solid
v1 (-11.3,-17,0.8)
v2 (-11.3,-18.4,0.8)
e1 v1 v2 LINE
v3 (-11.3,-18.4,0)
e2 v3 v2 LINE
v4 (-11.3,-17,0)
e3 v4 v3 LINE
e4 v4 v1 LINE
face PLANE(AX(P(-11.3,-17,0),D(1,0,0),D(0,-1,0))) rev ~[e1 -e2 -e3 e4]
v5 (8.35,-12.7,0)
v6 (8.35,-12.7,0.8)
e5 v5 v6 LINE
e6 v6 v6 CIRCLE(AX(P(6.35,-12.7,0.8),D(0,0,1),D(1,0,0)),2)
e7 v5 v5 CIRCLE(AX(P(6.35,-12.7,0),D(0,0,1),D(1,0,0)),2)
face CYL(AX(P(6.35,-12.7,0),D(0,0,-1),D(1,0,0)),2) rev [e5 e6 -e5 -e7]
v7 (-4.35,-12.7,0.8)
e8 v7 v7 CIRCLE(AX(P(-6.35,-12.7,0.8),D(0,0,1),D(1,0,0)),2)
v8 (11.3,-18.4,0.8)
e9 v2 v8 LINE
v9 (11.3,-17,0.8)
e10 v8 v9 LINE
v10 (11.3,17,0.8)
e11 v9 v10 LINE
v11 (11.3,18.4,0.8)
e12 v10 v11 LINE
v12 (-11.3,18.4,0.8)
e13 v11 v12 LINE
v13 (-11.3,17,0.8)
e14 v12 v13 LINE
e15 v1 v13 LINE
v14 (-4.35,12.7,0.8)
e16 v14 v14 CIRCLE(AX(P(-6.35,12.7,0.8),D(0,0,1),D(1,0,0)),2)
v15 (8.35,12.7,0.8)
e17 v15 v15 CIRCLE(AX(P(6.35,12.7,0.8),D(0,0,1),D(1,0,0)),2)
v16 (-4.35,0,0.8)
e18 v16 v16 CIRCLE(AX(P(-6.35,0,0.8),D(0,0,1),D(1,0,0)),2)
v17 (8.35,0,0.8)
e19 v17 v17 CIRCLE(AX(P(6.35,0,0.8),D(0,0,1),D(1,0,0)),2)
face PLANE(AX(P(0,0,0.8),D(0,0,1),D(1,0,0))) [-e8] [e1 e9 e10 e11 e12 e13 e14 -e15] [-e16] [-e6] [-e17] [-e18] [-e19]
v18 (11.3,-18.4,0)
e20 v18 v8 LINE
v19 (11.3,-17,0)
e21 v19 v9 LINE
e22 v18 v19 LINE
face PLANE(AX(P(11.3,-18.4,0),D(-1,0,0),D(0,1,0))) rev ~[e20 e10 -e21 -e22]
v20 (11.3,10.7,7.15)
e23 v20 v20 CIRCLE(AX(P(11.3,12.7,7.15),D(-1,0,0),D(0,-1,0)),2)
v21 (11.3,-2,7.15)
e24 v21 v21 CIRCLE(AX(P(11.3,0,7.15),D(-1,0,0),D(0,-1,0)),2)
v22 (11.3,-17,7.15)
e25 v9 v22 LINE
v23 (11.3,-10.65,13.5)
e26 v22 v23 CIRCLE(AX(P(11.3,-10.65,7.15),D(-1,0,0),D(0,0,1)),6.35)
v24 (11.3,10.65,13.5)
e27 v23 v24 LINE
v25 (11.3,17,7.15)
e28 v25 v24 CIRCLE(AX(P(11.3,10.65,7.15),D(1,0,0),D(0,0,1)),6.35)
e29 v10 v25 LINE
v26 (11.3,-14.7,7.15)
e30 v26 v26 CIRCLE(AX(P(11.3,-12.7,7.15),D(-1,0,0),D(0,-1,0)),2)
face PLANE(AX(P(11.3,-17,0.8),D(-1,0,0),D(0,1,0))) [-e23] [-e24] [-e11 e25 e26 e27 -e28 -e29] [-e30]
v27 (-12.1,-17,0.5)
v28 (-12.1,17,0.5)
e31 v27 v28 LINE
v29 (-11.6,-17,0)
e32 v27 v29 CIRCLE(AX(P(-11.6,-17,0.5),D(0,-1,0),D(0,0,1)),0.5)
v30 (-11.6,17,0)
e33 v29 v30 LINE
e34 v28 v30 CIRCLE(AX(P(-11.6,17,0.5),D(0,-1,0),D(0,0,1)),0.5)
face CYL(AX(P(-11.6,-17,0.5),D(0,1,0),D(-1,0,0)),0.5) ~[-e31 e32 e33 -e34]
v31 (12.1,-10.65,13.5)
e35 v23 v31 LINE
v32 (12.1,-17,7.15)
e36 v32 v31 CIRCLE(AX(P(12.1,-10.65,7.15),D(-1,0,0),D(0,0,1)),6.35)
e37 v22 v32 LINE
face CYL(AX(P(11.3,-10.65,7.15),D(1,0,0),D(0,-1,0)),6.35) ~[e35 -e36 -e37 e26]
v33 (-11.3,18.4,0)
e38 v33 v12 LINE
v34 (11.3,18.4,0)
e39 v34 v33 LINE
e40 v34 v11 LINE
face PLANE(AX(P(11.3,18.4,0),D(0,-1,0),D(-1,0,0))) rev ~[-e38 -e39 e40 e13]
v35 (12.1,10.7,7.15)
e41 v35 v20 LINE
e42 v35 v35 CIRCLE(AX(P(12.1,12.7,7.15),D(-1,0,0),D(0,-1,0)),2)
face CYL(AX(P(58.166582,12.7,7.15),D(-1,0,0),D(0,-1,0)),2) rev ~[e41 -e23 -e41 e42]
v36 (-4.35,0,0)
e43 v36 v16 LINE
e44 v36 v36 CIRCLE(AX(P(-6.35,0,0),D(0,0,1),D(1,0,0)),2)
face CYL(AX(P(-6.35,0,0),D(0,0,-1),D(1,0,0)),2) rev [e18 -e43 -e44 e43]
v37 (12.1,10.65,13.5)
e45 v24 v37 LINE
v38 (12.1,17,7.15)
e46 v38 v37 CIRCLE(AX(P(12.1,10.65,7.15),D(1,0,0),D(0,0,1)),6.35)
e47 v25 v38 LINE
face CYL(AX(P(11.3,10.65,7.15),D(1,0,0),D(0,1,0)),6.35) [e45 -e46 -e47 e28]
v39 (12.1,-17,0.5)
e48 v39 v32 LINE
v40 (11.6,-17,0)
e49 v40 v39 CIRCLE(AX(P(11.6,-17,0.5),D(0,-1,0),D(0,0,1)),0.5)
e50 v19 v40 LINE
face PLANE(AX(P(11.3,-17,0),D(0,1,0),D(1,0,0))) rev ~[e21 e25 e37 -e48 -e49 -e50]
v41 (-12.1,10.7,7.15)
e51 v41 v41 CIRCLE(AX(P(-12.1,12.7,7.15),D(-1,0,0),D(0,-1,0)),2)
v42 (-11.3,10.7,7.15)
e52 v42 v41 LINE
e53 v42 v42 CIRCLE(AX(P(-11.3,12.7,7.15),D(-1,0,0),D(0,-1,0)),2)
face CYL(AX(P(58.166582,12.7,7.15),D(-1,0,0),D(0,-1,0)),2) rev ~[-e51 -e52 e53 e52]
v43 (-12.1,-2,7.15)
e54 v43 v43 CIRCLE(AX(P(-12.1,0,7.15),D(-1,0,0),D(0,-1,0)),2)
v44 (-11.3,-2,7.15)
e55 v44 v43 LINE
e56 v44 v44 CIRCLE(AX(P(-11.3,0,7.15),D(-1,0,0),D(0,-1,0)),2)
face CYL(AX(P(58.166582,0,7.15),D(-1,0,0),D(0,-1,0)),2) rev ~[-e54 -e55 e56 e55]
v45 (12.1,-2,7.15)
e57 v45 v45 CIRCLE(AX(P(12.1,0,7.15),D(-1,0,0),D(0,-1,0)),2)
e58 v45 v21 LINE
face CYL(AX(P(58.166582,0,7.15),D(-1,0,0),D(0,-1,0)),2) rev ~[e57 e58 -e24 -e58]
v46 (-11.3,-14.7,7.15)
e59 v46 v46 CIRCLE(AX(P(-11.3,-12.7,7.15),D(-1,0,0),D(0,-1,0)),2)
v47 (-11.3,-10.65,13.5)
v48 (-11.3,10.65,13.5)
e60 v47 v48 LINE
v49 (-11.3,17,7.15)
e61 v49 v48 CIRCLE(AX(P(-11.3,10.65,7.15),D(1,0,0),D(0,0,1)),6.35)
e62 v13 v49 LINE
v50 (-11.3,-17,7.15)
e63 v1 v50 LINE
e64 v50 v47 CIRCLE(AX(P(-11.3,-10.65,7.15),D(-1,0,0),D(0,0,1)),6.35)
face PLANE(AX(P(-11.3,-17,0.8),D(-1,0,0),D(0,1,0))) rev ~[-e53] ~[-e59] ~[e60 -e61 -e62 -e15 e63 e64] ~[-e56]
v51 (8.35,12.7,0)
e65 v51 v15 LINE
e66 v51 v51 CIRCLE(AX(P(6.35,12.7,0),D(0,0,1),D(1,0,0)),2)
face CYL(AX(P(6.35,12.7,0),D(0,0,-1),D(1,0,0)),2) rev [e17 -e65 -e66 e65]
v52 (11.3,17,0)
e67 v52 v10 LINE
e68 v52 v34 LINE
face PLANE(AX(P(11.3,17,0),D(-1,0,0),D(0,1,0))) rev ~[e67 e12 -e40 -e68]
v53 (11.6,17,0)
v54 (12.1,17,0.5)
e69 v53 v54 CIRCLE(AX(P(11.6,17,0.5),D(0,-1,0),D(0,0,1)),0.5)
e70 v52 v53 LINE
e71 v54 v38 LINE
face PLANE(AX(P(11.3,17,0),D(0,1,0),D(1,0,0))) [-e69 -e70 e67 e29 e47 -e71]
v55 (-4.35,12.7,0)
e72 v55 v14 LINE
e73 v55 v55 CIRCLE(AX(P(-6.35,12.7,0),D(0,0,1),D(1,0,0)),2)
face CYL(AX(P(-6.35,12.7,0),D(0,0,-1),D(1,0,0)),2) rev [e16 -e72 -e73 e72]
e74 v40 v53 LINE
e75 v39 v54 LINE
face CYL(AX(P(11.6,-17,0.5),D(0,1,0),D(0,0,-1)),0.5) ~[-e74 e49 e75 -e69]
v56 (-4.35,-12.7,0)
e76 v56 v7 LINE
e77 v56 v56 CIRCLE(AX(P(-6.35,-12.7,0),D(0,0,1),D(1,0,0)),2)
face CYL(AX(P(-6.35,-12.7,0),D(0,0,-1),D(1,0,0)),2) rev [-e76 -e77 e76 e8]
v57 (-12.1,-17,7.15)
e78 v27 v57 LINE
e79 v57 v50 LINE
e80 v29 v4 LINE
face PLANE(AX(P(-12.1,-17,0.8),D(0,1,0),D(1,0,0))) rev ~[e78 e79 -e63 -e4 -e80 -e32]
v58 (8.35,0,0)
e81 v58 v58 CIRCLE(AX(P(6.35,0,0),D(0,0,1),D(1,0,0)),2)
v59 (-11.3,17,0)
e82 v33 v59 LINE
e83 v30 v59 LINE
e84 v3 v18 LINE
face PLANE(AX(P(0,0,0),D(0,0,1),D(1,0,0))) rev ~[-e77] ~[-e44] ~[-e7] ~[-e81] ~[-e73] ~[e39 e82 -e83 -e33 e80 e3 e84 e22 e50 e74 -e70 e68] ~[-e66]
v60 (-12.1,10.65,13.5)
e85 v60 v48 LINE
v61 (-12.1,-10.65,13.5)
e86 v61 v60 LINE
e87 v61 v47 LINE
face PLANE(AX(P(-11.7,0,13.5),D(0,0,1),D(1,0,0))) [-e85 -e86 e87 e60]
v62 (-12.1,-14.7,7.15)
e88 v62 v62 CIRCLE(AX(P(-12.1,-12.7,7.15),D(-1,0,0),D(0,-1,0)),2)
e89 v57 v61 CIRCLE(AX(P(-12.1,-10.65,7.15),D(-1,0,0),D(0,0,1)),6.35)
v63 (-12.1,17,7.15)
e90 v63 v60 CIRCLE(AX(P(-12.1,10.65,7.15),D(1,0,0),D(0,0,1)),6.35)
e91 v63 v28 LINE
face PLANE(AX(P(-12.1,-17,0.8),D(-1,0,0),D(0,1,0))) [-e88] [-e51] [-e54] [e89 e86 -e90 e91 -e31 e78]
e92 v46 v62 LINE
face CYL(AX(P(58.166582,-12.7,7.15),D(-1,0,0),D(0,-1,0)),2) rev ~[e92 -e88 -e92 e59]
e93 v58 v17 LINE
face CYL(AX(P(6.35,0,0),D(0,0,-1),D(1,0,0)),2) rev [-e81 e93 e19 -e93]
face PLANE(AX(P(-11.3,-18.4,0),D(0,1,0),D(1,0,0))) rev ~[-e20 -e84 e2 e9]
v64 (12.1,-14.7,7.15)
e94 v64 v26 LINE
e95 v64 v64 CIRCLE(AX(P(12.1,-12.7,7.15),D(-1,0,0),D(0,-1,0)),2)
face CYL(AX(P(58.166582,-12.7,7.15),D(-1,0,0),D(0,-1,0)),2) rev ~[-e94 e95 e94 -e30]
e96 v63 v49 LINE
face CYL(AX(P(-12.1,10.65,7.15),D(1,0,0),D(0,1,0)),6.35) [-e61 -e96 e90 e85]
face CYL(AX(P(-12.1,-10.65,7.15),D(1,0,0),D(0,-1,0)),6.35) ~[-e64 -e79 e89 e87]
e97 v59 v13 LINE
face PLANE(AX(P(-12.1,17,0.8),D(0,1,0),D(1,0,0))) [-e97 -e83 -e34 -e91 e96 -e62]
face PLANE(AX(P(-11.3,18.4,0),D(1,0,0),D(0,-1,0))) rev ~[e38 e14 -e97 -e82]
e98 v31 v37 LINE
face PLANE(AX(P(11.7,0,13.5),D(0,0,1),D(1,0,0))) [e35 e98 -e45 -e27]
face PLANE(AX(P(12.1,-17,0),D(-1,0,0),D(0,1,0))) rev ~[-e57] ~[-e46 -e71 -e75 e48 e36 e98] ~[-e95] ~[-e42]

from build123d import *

# Parameters (mm, degrees)
F0_R     = 2
F0_W     = 0.8
F0_H     = 34
F1_DEPTH = 0.8
F2_W     = 0.8
F2_H     = 34
F3_DEPTH = 12.7
F5_R     = 6.35
F6_D     = 4
F7_R     = 0.5


with BuildPart() as f1:
    # F0 (on Top) → F1 (new body)
    with BuildSketch(Plane.XY):
        Polygon((11.3, 17), (11.3, 18.4), (-11.3, 18.4), (-11.3, 17), (-11.3, -17), (-11.3, -18.4), (11.3, -18.4), (11.3, -17), align=None)
        with Locations((-6.35, -12.7)):
            Circle(F0_R, mode=Mode.SUBTRACT)
        with Locations((6.35, -12.7)):
            Circle(F0_R, mode=Mode.SUBTRACT)
        with Locations((-6.35, 0)):
            Circle(F0_R, mode=Mode.SUBTRACT)
        with Locations((-6.35, 12.7)):
            Circle(F0_R, mode=Mode.SUBTRACT)
        with Locations((6.35, 0)):
            Circle(F0_R, mode=Mode.SUBTRACT)
        with Locations((6.35, 12.7)):
            Circle(F0_R, mode=Mode.SUBTRACT)
        with Locations((11.7, 0)):
            Rectangle(F0_W, F0_H)
        with Locations((-11.7, 0)):
            Rectangle(F0_W, F0_H)
    extrude(amount=F1_DEPTH)

    # F2 (on face) → F3 (join)
    with BuildSketch(Plane.XY.offset(0.8)):
        with Locations((-11.7, 0)):
            Rectangle(F2_W, F2_H)
        with Locations((11.7, 0)):
            Rectangle(F2_W, F2_H)
    extrude(amount=F3_DEPTH)

    # F5
    f5_edges = [f1.edges().sort_by_distance(p)[0] for p in [
        (11.7, 17, 13.5),
        (-11.7, 17, 13.5),
        (11.7, -17, 13.5),
        (-11.7, -17, 13.5),
    ]]
    fillet(f5_edges, radius=F5_R)

    # F6 (through all)
    with Locations(Plane.YZ.offset(12.1)):
        with Locations((-12.7, 7.15), (0, 7.15), (12.7, 7.15)):
            Hole(F6_D / 2)

    # F7
    f7_edges = [f1.edges().sort_by_distance(p)[0] for p in [
        (12.1, 0, 0),
        (-12.1, 0, 0),
    ]]
    fillet(f7_edges, radius=F7_R)


solid = f1.part
